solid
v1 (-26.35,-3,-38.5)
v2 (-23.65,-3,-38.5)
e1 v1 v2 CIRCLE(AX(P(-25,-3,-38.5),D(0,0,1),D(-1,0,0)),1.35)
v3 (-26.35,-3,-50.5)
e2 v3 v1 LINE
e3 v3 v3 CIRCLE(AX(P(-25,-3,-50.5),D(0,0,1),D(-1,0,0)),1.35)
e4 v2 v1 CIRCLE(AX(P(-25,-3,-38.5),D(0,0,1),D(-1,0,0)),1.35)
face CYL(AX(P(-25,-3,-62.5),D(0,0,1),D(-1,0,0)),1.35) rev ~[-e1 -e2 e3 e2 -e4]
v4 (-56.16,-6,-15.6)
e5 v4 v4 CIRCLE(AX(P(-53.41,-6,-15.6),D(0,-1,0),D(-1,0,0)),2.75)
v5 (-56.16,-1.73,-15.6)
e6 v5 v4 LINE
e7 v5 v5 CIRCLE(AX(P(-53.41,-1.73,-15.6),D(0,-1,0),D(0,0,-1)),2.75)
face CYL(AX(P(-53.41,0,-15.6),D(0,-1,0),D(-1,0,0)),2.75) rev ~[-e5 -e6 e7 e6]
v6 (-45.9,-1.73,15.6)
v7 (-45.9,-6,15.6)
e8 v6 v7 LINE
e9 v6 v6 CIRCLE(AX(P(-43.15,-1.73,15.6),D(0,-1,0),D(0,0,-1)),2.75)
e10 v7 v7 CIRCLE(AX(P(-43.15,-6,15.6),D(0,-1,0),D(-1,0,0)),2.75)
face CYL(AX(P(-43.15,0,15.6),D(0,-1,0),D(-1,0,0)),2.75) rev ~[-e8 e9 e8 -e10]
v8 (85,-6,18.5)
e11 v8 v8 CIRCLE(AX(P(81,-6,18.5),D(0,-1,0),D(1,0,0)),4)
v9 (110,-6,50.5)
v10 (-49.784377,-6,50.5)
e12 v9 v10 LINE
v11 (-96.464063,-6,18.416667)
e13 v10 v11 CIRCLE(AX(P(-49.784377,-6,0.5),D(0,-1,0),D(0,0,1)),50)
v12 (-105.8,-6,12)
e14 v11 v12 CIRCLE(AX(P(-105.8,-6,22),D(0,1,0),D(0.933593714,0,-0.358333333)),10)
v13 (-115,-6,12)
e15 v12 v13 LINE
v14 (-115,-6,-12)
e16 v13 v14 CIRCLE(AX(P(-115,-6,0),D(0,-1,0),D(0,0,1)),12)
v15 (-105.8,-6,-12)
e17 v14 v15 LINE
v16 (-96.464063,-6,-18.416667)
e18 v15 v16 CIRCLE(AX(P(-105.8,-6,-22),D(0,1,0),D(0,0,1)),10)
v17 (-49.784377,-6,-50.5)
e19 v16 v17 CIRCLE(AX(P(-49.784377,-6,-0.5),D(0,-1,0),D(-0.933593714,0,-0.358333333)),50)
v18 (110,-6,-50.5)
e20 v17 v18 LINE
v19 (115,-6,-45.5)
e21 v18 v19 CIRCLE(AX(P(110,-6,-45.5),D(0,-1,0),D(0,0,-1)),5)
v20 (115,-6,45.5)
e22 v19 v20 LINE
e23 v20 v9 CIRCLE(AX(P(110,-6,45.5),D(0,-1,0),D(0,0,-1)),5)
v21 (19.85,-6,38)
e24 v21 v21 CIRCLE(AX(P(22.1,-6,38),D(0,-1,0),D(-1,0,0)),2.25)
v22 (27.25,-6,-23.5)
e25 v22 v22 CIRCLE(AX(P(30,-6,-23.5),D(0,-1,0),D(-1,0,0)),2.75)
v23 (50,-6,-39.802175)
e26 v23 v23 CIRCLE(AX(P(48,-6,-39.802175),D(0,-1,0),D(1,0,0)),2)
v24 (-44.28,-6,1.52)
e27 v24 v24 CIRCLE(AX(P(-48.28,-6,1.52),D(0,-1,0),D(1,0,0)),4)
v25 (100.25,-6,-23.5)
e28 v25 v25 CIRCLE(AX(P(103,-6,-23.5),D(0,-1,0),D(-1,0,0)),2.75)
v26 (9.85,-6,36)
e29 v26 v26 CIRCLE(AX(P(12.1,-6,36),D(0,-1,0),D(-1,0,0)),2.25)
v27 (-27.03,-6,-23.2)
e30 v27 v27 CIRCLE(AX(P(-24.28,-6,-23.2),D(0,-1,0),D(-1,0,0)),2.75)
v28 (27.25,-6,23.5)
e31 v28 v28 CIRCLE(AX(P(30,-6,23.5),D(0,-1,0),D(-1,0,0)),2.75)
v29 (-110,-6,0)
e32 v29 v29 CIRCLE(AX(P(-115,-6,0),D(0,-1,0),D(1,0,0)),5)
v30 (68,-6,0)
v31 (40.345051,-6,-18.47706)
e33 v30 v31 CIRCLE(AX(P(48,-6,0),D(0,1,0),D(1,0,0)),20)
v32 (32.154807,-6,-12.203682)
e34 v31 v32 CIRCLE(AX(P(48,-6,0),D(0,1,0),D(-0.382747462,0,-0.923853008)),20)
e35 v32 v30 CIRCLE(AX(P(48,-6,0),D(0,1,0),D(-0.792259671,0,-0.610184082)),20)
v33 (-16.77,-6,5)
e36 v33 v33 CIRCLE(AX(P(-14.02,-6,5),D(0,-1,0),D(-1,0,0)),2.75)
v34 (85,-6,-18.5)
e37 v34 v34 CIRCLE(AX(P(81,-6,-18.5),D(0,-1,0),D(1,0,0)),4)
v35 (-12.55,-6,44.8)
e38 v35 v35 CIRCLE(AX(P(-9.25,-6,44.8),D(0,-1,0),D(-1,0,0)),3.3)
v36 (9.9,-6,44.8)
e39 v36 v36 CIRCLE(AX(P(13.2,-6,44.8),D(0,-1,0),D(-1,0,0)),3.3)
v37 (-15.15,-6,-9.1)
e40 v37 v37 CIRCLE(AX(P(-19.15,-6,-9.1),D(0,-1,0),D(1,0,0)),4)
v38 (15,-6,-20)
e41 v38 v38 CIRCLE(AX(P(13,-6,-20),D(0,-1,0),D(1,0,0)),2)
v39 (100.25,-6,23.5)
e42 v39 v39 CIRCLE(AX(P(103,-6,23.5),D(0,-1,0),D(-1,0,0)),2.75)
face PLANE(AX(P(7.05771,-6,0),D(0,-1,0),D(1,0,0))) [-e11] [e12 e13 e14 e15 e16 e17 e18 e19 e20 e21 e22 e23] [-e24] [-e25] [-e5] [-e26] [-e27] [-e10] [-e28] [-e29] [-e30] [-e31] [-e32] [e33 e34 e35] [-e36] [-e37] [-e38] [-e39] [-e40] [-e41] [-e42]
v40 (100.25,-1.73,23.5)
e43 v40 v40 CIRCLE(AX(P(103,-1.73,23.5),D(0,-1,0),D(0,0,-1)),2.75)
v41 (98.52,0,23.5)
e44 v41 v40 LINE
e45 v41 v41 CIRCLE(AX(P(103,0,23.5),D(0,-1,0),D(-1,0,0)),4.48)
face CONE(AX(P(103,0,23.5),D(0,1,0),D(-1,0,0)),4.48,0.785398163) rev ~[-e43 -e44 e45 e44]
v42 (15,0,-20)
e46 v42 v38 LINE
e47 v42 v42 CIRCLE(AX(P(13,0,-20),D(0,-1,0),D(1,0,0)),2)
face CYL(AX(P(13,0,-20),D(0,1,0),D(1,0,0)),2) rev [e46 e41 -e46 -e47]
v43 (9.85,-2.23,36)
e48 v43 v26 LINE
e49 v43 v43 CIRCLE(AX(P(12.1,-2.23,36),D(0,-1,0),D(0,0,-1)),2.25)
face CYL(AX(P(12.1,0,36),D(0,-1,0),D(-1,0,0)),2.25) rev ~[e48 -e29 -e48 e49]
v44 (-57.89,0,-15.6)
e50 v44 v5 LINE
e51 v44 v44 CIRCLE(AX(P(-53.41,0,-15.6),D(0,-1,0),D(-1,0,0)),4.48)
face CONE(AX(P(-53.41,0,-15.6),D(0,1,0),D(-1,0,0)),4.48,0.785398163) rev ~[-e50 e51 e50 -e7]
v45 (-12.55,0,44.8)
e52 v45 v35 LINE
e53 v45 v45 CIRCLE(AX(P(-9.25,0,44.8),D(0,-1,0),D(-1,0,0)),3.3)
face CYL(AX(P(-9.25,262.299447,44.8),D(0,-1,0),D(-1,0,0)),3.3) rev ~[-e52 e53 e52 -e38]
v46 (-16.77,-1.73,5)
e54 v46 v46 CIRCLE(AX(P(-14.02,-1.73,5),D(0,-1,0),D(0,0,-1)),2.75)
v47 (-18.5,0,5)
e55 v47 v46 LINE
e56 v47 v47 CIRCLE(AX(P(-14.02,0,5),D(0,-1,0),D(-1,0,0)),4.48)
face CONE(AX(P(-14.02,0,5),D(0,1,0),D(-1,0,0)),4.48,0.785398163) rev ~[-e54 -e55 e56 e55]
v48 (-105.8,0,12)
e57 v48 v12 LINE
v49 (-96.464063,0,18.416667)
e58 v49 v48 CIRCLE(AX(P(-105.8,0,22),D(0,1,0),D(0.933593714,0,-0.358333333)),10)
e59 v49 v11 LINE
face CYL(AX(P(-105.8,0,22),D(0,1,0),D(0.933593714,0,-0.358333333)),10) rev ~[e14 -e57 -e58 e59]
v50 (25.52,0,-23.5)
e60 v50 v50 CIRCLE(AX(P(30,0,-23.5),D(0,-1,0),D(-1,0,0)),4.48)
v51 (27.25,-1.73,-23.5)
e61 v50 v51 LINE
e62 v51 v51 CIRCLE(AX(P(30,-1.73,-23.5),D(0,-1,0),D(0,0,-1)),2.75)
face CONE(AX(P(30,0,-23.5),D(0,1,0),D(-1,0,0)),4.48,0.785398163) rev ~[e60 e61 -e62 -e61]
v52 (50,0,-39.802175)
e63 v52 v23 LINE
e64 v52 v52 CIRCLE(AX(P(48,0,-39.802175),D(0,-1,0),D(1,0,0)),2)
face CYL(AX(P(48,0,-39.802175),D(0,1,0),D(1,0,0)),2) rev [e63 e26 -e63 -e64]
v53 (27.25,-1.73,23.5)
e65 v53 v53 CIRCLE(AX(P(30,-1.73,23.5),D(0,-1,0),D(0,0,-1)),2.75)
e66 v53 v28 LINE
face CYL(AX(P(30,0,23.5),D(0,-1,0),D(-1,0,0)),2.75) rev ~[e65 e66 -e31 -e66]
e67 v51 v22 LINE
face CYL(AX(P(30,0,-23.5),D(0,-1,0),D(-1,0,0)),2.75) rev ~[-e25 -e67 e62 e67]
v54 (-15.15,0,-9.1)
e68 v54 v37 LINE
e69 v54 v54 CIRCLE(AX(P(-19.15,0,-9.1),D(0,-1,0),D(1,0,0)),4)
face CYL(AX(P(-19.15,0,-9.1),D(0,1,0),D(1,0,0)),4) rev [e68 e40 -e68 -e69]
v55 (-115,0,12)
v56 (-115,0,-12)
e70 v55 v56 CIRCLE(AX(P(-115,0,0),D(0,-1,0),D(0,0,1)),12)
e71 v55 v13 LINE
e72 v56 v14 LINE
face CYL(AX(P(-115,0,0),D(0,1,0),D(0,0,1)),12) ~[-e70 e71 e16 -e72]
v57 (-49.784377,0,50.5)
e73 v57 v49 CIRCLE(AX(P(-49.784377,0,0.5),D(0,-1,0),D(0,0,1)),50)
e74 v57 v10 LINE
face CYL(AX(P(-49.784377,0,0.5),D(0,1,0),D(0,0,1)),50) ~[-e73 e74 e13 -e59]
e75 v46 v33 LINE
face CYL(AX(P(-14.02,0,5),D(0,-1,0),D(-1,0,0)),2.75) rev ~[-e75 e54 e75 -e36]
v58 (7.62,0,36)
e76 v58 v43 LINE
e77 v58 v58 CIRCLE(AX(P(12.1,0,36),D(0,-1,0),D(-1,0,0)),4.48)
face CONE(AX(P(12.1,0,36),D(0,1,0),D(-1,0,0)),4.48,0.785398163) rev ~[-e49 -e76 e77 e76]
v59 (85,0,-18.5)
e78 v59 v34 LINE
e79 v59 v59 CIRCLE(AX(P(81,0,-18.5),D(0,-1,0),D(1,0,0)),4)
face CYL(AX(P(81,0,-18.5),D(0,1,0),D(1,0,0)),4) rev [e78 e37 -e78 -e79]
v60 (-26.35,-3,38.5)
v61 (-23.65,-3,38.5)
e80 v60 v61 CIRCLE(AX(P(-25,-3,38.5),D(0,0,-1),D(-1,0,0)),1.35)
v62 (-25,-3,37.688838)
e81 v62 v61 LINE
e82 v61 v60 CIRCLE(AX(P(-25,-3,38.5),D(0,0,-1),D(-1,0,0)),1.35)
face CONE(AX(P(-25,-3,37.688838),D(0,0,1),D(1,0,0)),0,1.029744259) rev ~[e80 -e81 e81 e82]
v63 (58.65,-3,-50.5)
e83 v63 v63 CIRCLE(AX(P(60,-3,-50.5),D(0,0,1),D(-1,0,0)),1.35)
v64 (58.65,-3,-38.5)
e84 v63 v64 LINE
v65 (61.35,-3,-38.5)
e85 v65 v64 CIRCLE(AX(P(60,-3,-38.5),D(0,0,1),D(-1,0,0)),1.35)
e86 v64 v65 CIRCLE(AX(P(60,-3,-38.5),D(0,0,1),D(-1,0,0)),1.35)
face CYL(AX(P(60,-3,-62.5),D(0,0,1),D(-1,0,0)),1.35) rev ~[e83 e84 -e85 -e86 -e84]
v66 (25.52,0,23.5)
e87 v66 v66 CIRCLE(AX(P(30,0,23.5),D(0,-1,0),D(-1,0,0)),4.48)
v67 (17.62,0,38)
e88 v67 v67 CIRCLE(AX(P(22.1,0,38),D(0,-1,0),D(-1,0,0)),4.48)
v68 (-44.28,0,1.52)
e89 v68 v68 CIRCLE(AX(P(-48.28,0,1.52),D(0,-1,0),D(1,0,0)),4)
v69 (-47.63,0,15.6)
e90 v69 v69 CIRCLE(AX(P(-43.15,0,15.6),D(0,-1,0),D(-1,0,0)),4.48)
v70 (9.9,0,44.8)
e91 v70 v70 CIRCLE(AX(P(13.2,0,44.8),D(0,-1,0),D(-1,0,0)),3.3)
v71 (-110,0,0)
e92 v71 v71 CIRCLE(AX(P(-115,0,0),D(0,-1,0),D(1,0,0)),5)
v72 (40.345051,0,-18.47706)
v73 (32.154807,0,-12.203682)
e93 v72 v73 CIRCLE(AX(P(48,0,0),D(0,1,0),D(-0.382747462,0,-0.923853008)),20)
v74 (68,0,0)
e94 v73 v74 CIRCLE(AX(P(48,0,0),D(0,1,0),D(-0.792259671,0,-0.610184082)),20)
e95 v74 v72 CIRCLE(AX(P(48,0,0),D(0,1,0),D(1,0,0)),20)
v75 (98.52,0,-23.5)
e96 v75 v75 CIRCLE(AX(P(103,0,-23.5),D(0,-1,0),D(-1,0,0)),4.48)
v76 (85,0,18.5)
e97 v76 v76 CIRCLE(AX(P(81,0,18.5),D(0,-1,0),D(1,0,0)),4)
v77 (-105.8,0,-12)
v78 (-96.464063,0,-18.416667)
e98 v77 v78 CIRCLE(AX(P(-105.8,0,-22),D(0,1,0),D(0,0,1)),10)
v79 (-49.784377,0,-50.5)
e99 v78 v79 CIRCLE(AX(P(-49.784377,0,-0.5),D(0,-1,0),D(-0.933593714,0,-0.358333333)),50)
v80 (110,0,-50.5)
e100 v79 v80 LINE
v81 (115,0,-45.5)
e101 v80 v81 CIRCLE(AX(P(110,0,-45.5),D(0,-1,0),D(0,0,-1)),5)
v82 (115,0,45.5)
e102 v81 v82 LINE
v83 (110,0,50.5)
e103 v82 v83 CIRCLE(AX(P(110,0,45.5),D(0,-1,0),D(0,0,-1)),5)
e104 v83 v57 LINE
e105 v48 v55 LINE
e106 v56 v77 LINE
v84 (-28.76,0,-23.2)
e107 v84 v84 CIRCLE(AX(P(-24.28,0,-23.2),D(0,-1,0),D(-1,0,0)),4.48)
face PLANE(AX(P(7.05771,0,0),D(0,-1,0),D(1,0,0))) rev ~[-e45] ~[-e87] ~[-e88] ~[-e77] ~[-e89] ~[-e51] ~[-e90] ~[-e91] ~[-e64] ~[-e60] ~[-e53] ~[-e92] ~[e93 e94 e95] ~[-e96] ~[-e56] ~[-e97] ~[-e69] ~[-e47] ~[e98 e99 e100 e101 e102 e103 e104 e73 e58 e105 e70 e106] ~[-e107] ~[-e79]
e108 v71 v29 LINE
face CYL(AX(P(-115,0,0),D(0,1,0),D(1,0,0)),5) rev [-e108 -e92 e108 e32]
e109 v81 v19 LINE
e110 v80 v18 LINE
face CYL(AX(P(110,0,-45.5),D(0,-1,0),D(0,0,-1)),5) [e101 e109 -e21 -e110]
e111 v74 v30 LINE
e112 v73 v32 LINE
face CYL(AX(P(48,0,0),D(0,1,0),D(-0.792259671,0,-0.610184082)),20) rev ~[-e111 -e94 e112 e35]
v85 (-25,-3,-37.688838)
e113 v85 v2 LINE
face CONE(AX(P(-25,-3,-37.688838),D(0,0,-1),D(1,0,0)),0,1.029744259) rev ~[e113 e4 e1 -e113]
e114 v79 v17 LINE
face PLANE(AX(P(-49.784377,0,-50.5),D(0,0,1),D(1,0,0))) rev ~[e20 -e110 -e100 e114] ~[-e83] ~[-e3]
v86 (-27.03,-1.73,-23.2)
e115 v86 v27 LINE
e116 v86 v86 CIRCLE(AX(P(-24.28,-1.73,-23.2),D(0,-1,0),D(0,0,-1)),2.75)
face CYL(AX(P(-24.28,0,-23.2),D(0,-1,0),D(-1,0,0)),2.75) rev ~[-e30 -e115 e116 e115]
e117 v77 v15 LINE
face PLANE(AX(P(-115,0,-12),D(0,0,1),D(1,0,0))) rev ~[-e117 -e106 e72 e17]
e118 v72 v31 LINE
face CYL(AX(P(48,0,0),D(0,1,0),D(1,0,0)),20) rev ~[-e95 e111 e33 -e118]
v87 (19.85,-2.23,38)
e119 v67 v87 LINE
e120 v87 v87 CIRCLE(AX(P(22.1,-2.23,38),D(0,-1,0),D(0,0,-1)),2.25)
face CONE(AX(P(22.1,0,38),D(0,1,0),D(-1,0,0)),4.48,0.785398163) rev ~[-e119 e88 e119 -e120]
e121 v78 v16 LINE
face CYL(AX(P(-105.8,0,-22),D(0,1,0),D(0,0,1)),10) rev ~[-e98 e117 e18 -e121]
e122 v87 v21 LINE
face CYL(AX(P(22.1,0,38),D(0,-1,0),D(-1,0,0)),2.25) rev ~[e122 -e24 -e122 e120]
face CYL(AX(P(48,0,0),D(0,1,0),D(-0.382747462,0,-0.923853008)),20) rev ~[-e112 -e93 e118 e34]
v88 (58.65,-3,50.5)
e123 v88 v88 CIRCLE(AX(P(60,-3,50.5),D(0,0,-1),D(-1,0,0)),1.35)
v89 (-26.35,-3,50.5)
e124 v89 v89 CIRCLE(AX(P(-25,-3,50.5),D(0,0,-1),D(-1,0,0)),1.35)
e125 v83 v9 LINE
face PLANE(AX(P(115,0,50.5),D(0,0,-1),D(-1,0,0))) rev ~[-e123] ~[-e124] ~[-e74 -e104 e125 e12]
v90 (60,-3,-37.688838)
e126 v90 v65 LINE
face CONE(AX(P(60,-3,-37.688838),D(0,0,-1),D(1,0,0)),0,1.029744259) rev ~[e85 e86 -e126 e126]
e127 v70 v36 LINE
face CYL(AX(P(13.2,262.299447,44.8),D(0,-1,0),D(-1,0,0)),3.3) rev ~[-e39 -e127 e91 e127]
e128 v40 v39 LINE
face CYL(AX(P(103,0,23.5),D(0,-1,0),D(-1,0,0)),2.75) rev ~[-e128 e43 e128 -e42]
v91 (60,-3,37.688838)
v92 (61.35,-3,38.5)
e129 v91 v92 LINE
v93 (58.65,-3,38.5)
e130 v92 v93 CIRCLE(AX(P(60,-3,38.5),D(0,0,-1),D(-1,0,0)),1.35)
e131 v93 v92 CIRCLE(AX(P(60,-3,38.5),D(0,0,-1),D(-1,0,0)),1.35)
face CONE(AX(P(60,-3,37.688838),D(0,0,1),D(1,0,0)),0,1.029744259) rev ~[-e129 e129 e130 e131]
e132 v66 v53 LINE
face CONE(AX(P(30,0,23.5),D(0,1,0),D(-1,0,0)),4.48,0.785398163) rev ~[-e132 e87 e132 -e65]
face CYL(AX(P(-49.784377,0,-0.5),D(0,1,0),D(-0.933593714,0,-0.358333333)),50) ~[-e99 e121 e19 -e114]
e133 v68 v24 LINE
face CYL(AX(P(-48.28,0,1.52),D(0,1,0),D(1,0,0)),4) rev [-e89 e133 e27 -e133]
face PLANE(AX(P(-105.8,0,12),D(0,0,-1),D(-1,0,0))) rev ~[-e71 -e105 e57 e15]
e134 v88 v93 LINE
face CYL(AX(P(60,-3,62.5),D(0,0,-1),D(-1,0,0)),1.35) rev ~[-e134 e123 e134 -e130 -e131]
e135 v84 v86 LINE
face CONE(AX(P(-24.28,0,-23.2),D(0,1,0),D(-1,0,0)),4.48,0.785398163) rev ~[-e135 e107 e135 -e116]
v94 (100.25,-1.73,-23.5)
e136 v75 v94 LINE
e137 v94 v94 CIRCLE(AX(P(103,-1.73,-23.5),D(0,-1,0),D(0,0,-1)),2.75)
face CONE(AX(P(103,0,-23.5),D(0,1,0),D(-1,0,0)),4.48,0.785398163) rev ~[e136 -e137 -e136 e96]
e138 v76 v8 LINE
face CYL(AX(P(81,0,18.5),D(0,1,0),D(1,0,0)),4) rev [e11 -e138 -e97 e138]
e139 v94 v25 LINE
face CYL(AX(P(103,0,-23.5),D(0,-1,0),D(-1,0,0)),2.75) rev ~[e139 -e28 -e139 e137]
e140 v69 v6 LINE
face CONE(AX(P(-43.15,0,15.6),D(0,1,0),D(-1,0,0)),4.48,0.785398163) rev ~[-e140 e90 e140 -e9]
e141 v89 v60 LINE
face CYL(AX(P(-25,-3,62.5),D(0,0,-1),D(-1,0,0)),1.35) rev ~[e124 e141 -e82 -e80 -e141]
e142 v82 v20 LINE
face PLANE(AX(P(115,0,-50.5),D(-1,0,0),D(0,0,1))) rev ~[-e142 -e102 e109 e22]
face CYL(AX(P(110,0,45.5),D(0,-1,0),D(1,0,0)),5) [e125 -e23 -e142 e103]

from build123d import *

# Parameters (mm, degrees)
F0_R           = 5
F0_R_2         = 6.0157611954
F0_R_3         = 5.450221674
F0_R_4         = 4
F0_R_5         = 2
F0_R_6         = 3.4791274017
F0_R_7         = 5.4671936668
F0_R_8         = 4.2465190739
F0_R_9         = 3.1434156929
F0_R_10        = 6.9718270278
F0_R_11        = 3.5055270759
F1_DEPTH       = 6
F2_D           = 5.5
F2_CSINK_D     = 8.96
F2_CSINK_ANGLE = 90
F3_D           = 4.5
F3_CSINK_D     = 8.96
F3_CSINK_ANGLE = 90
F4_D           = 6.6
F6_D           = 2.7
F6_DEPTH       = 12
F6_TIP         = 0.8111618357
F8_D           = 2.7
F8_DEPTH       = 12
F8_TIP         = 0.8111618357
F9_R           = 5


with BuildPart() as f1:
    # F0 (on Front) → F1 (new body)
    with BuildSketch(Plane.XZ):
        with BuildLine():
            ThreePointArc((-96.4640628632, -18.4166666667), (-78.1054529592, -41.7057843836), (-49.7843771792, -50.5))
            Line((-49.7843771792, -50.5), (115, -50.5))
            Line((115, -50.5), (115, 50.5))
            Line((115, 50.5), (-49.7843771792, 50.5))
            ThreePointArc((-49.7843771792, 50.5), (-78.1054529592, 41.7057843836), (-96.4640628632, 18.4166666667))
            ThreePointArc((-96.4640628632, 18.4166666667), (-100.135784844, 13.7588431233), (-105.8, 12))
            Line((-105.8, 12), (-115, 12))
            ThreePointArc((-115, 12), (-127, 0), (-115, -12))
            Line((-115, -12), (-105.8, -12))
            ThreePointArc((-105.8, -12), (-100.135784844, -13.7588431233), (-96.4640628632, -18.4166666667))
        make_face()
        with Locations((-115, 0)):
            Circle(F0_R, mode=Mode.SUBTRACT)
        with Locations((-53.41, -15.6)):
            Circle(F0_R_2, mode=Mode.SUBTRACT)
        with Locations((-24.28, -23.2)):
            Circle(F0_R_3, mode=Mode.SUBTRACT)
        with Locations((-19.15, -9.1)):
            Circle(F0_R_4, mode=Mode.SUBTRACT)
        with Locations((48, -39.8021750152)):
            Circle(F0_R_5, mode=Mode.SUBTRACT)
        with Locations((13, -20)):
            Circle(F0_R_5, mode=Mode.SUBTRACT)
        with BuildLine():
            ThreePointArc((32.1548065788, -12.2036816348), (41.5542210876, 18.9328268944), (68, 0))
            ThreePointArc((68, 0), (59.1108283975, -16.6297772782), (40.3450507679, -18.4770601626))
            ThreePointArc((40.3450507679, -18.4770601626), (41.2075439734, -20.9229943569), (41.5, -23.5))
            ThreePointArc((41.5, -23.5), (21.1391231908, -30.8304066853), (32.1548065788, -12.2036816348))
        make_face(mode=Mode.SUBTRACT)
        with Locations((81, -18.5)):
            Circle(F0_R_4, mode=Mode.SUBTRACT)
        with Locations((103, -23.5)):
            Circle(F0_R_6, mode=Mode.SUBTRACT)
        with Locations((-48.28, 1.52)):
            Circle(F0_R_4, mode=Mode.SUBTRACT)
        with Locations((-14.02, 5)):
            Circle(F0_R_7, mode=Mode.SUBTRACT)
        with Locations((-43.15, 15.6)):
            Circle(F0_R_8, mode=Mode.SUBTRACT)
        with Locations((-9.25, 44.8)):
            Circle(F0_R_9, mode=Mode.SUBTRACT)
        with Locations((30, 23.5)):
            Circle(F0_R_10, mode=Mode.SUBTRACT)
        with Locations((81, 18.5)):
            Circle(F0_R_4, mode=Mode.SUBTRACT)
        with Locations((103, 23.5)):
            Circle(F0_R_11, mode=Mode.SUBTRACT)
        with BuildLine():
            ThreePointArc((17.1984440191, 41.7107700429), (24.0572213428, 43.8278941274), (28.2477691357, 38))
            ThreePointArc((28.2477691357, 38), (25.1621574991, 32.669122324), (19.0027060342, 32.6894599677))
            ThreePointArc((19.0027060342, 32.6894599677), (5.9710481835, 31.4127376868), (10.8695627244, 43.5559943098))
            ThreePointArc((10.8695627244, 43.5559943098), (12.5588245291, 47.3626903964), (15.8416828069, 44.8))
            ThreePointArc((15.8416828069, 44.8), (15.6633729559, 43.845913142), (15.152514728, 43.0206253094))
            ThreePointArc((15.152514728, 43.0206253094), (16.2277672329, 42.4473687323), (17.1984440191, 41.7107700429))
        make_face(mode=Mode.SUBTRACT)
        with Locations((-43.15, 15.6)):
            Circle(F0_R_8)
        with Locations((-53.41, -15.6)):
            Circle(F0_R_2)
        with Locations((-14.02, 5)):
            Circle(F0_R_7)
        with Locations((-24.28, -23.2)):
            Circle(F0_R_3)
        with BuildLine():
            ThreePointArc((19.0027060342, 32.6894599677), (16.071616387, 36.7943232774), (17.1984440191, 41.7107700429))
            ThreePointArc((17.1984440191, 41.7107700429), (16.2277672329, 42.4473687323), (15.152514728, 43.0206253094))
            ThreePointArc((15.152514728, 43.0206253094), (12.8723395742, 42.1787165934), (10.8695627244, 43.5559943098))
            ThreePointArc((10.8695627244, 43.5559943098), (5.9710481835, 31.4127376868), (19.0027060342, 32.6894599677))
        make_face()
        with BuildLine():
            ThreePointArc((19.0027060342, 32.6894599677), (25.1621574991, 32.669122324), (28.2477691357, 38))
            ThreePointArc((28.2477691357, 38), (24.0572213428, 43.8278941274), (17.1984440191, 41.7107700429))
            ThreePointArc((17.1984440191, 41.7107700429), (19.0870694567, 39.1285597815), (19.7555225752, 36))
            ThreePointArc((19.7555225752, 36), (19.5649463419, 34.3024717933), (19.0027060342, 32.6894599677))
        make_face()
        with Locations((30, 23.5)):
            Circle(F0_R_10)
        with BuildLine():
            ThreePointArc((40.3450507679, -18.4770601626), (35.8384624442, -15.87756292), (32.1548065788, -12.2036816348))
            ThreePointArc((32.1548065788, -12.2036816348), (21.1391231908, -30.8304066853), (41.5, -23.5))
            ThreePointArc((41.5, -23.5), (41.2075439734, -20.9229943569), (40.3450507679, -18.4770601626))
        make_face()
        with Locations((103, 23.5)):
            Circle(F0_R_11)
        with Locations((103, -23.5)):
            Circle(F0_R_6)
        with BuildLine():
            ThreePointArc((10.8695627244, 43.5559943098), (13.0495507108, 43.596405686), (15.152514728, 43.0206253094))
            ThreePointArc((15.152514728, 43.0206253094), (15.6633729559, 43.845913142), (15.8416828069, 44.8))
            ThreePointArc((15.8416828069, 44.8), (12.5588245291, 47.3626903964), (10.8695627244, 43.5559943098))
        make_face()
        with BuildLine():
            ThreePointArc((10.8695627244, 43.5559943098), (12.8723395742, 42.1787165934), (15.152514728, 43.0206253094))
            ThreePointArc((15.152514728, 43.0206253094), (13.0495507108, 43.596405686), (10.8695627244, 43.5559943098))
        make_face()
        with Locations((-9.25, 44.8)):
            Circle(F0_R_9)
        with BuildLine():
            ThreePointArc((19.7555225752, 36), (19.0870694567, 39.1285597815), (17.1984440191, 41.7107700429))
            ThreePointArc((17.1984440191, 41.7107700429), (16.071616387, 36.7943232774), (19.0027060342, 32.6894599677))
            ThreePointArc((19.0027060342, 32.6894599677), (19.5649463419, 34.3024717933), (19.7555225752, 36))
        make_face()
    extrude(amount=F1_DEPTH)

    # F2 (through all)
    with Locations(Plane(origin=(0, 0, 0), x_dir=(1, 0, 0), z_dir=(0, 1, 0))):
        with Locations((-43.15, -15.6), (-53.41, 15.6), (-14.02, -5), (-24.28, 23.2), (30, 23.5), (30, -23.5), (103, -23.5), (103, 23.5)):
            CounterSinkHole(F2_D / 2, F2_CSINK_D / 2, counter_sink_angle=F2_CSINK_ANGLE)

    # F3 (through all)
    with Locations(Plane(origin=(0, 0, 0), x_dir=(1, 0, 0), z_dir=(0, 1, 0))):
        with Locations((22.1, -38), (12.1, -36)):
            CounterSinkHole(F3_D / 2, F3_CSINK_D / 2, counter_sink_angle=F3_CSINK_ANGLE)

    # F4 (through all)
    with Locations(Plane(origin=(0, 0, 0), x_dir=(1, 0, 0), z_dir=(0, 1, 0))):
        with Locations((-9.25, -44.8), (13.2, -44.8)):
            Hole(F4_D / 2)

    # F6
    with Locations(Plane(origin=(0, 0, -50.5), x_dir=(1, 0, 0), z_dir=(0, 0, -1))):
        with Locations((60, 3), (-25, 3)):
            Hole(F6_D / 2, depth=F6_DEPTH)
            with Locations((0, 0, -(F6_DEPTH + F6_TIP / 2))):  # 118° drill point
                Cone(0, F6_D / 2, F6_TIP, mode=Mode.SUBTRACT)

    # F8
    with Locations(Plane.XY.offset(50.5)):
        with Locations((-25, -3), (60, -3)):
            Hole(F8_D / 2, depth=F8_DEPTH)
            with Locations((0, 0, -(F8_DEPTH + F8_TIP / 2))):  # 118° drill point
                Cone(0, F8_D / 2, F8_TIP, mode=Mode.SUBTRACT)

    # F9
    f9_edges = [f1.edges().sort_by_distance(p)[0] for p in [
        (115, -3, 50.5),
        (115, -3, -50.5),
    ]]
    fillet(f9_edges, radius=F9_R)


solid = f1.part
